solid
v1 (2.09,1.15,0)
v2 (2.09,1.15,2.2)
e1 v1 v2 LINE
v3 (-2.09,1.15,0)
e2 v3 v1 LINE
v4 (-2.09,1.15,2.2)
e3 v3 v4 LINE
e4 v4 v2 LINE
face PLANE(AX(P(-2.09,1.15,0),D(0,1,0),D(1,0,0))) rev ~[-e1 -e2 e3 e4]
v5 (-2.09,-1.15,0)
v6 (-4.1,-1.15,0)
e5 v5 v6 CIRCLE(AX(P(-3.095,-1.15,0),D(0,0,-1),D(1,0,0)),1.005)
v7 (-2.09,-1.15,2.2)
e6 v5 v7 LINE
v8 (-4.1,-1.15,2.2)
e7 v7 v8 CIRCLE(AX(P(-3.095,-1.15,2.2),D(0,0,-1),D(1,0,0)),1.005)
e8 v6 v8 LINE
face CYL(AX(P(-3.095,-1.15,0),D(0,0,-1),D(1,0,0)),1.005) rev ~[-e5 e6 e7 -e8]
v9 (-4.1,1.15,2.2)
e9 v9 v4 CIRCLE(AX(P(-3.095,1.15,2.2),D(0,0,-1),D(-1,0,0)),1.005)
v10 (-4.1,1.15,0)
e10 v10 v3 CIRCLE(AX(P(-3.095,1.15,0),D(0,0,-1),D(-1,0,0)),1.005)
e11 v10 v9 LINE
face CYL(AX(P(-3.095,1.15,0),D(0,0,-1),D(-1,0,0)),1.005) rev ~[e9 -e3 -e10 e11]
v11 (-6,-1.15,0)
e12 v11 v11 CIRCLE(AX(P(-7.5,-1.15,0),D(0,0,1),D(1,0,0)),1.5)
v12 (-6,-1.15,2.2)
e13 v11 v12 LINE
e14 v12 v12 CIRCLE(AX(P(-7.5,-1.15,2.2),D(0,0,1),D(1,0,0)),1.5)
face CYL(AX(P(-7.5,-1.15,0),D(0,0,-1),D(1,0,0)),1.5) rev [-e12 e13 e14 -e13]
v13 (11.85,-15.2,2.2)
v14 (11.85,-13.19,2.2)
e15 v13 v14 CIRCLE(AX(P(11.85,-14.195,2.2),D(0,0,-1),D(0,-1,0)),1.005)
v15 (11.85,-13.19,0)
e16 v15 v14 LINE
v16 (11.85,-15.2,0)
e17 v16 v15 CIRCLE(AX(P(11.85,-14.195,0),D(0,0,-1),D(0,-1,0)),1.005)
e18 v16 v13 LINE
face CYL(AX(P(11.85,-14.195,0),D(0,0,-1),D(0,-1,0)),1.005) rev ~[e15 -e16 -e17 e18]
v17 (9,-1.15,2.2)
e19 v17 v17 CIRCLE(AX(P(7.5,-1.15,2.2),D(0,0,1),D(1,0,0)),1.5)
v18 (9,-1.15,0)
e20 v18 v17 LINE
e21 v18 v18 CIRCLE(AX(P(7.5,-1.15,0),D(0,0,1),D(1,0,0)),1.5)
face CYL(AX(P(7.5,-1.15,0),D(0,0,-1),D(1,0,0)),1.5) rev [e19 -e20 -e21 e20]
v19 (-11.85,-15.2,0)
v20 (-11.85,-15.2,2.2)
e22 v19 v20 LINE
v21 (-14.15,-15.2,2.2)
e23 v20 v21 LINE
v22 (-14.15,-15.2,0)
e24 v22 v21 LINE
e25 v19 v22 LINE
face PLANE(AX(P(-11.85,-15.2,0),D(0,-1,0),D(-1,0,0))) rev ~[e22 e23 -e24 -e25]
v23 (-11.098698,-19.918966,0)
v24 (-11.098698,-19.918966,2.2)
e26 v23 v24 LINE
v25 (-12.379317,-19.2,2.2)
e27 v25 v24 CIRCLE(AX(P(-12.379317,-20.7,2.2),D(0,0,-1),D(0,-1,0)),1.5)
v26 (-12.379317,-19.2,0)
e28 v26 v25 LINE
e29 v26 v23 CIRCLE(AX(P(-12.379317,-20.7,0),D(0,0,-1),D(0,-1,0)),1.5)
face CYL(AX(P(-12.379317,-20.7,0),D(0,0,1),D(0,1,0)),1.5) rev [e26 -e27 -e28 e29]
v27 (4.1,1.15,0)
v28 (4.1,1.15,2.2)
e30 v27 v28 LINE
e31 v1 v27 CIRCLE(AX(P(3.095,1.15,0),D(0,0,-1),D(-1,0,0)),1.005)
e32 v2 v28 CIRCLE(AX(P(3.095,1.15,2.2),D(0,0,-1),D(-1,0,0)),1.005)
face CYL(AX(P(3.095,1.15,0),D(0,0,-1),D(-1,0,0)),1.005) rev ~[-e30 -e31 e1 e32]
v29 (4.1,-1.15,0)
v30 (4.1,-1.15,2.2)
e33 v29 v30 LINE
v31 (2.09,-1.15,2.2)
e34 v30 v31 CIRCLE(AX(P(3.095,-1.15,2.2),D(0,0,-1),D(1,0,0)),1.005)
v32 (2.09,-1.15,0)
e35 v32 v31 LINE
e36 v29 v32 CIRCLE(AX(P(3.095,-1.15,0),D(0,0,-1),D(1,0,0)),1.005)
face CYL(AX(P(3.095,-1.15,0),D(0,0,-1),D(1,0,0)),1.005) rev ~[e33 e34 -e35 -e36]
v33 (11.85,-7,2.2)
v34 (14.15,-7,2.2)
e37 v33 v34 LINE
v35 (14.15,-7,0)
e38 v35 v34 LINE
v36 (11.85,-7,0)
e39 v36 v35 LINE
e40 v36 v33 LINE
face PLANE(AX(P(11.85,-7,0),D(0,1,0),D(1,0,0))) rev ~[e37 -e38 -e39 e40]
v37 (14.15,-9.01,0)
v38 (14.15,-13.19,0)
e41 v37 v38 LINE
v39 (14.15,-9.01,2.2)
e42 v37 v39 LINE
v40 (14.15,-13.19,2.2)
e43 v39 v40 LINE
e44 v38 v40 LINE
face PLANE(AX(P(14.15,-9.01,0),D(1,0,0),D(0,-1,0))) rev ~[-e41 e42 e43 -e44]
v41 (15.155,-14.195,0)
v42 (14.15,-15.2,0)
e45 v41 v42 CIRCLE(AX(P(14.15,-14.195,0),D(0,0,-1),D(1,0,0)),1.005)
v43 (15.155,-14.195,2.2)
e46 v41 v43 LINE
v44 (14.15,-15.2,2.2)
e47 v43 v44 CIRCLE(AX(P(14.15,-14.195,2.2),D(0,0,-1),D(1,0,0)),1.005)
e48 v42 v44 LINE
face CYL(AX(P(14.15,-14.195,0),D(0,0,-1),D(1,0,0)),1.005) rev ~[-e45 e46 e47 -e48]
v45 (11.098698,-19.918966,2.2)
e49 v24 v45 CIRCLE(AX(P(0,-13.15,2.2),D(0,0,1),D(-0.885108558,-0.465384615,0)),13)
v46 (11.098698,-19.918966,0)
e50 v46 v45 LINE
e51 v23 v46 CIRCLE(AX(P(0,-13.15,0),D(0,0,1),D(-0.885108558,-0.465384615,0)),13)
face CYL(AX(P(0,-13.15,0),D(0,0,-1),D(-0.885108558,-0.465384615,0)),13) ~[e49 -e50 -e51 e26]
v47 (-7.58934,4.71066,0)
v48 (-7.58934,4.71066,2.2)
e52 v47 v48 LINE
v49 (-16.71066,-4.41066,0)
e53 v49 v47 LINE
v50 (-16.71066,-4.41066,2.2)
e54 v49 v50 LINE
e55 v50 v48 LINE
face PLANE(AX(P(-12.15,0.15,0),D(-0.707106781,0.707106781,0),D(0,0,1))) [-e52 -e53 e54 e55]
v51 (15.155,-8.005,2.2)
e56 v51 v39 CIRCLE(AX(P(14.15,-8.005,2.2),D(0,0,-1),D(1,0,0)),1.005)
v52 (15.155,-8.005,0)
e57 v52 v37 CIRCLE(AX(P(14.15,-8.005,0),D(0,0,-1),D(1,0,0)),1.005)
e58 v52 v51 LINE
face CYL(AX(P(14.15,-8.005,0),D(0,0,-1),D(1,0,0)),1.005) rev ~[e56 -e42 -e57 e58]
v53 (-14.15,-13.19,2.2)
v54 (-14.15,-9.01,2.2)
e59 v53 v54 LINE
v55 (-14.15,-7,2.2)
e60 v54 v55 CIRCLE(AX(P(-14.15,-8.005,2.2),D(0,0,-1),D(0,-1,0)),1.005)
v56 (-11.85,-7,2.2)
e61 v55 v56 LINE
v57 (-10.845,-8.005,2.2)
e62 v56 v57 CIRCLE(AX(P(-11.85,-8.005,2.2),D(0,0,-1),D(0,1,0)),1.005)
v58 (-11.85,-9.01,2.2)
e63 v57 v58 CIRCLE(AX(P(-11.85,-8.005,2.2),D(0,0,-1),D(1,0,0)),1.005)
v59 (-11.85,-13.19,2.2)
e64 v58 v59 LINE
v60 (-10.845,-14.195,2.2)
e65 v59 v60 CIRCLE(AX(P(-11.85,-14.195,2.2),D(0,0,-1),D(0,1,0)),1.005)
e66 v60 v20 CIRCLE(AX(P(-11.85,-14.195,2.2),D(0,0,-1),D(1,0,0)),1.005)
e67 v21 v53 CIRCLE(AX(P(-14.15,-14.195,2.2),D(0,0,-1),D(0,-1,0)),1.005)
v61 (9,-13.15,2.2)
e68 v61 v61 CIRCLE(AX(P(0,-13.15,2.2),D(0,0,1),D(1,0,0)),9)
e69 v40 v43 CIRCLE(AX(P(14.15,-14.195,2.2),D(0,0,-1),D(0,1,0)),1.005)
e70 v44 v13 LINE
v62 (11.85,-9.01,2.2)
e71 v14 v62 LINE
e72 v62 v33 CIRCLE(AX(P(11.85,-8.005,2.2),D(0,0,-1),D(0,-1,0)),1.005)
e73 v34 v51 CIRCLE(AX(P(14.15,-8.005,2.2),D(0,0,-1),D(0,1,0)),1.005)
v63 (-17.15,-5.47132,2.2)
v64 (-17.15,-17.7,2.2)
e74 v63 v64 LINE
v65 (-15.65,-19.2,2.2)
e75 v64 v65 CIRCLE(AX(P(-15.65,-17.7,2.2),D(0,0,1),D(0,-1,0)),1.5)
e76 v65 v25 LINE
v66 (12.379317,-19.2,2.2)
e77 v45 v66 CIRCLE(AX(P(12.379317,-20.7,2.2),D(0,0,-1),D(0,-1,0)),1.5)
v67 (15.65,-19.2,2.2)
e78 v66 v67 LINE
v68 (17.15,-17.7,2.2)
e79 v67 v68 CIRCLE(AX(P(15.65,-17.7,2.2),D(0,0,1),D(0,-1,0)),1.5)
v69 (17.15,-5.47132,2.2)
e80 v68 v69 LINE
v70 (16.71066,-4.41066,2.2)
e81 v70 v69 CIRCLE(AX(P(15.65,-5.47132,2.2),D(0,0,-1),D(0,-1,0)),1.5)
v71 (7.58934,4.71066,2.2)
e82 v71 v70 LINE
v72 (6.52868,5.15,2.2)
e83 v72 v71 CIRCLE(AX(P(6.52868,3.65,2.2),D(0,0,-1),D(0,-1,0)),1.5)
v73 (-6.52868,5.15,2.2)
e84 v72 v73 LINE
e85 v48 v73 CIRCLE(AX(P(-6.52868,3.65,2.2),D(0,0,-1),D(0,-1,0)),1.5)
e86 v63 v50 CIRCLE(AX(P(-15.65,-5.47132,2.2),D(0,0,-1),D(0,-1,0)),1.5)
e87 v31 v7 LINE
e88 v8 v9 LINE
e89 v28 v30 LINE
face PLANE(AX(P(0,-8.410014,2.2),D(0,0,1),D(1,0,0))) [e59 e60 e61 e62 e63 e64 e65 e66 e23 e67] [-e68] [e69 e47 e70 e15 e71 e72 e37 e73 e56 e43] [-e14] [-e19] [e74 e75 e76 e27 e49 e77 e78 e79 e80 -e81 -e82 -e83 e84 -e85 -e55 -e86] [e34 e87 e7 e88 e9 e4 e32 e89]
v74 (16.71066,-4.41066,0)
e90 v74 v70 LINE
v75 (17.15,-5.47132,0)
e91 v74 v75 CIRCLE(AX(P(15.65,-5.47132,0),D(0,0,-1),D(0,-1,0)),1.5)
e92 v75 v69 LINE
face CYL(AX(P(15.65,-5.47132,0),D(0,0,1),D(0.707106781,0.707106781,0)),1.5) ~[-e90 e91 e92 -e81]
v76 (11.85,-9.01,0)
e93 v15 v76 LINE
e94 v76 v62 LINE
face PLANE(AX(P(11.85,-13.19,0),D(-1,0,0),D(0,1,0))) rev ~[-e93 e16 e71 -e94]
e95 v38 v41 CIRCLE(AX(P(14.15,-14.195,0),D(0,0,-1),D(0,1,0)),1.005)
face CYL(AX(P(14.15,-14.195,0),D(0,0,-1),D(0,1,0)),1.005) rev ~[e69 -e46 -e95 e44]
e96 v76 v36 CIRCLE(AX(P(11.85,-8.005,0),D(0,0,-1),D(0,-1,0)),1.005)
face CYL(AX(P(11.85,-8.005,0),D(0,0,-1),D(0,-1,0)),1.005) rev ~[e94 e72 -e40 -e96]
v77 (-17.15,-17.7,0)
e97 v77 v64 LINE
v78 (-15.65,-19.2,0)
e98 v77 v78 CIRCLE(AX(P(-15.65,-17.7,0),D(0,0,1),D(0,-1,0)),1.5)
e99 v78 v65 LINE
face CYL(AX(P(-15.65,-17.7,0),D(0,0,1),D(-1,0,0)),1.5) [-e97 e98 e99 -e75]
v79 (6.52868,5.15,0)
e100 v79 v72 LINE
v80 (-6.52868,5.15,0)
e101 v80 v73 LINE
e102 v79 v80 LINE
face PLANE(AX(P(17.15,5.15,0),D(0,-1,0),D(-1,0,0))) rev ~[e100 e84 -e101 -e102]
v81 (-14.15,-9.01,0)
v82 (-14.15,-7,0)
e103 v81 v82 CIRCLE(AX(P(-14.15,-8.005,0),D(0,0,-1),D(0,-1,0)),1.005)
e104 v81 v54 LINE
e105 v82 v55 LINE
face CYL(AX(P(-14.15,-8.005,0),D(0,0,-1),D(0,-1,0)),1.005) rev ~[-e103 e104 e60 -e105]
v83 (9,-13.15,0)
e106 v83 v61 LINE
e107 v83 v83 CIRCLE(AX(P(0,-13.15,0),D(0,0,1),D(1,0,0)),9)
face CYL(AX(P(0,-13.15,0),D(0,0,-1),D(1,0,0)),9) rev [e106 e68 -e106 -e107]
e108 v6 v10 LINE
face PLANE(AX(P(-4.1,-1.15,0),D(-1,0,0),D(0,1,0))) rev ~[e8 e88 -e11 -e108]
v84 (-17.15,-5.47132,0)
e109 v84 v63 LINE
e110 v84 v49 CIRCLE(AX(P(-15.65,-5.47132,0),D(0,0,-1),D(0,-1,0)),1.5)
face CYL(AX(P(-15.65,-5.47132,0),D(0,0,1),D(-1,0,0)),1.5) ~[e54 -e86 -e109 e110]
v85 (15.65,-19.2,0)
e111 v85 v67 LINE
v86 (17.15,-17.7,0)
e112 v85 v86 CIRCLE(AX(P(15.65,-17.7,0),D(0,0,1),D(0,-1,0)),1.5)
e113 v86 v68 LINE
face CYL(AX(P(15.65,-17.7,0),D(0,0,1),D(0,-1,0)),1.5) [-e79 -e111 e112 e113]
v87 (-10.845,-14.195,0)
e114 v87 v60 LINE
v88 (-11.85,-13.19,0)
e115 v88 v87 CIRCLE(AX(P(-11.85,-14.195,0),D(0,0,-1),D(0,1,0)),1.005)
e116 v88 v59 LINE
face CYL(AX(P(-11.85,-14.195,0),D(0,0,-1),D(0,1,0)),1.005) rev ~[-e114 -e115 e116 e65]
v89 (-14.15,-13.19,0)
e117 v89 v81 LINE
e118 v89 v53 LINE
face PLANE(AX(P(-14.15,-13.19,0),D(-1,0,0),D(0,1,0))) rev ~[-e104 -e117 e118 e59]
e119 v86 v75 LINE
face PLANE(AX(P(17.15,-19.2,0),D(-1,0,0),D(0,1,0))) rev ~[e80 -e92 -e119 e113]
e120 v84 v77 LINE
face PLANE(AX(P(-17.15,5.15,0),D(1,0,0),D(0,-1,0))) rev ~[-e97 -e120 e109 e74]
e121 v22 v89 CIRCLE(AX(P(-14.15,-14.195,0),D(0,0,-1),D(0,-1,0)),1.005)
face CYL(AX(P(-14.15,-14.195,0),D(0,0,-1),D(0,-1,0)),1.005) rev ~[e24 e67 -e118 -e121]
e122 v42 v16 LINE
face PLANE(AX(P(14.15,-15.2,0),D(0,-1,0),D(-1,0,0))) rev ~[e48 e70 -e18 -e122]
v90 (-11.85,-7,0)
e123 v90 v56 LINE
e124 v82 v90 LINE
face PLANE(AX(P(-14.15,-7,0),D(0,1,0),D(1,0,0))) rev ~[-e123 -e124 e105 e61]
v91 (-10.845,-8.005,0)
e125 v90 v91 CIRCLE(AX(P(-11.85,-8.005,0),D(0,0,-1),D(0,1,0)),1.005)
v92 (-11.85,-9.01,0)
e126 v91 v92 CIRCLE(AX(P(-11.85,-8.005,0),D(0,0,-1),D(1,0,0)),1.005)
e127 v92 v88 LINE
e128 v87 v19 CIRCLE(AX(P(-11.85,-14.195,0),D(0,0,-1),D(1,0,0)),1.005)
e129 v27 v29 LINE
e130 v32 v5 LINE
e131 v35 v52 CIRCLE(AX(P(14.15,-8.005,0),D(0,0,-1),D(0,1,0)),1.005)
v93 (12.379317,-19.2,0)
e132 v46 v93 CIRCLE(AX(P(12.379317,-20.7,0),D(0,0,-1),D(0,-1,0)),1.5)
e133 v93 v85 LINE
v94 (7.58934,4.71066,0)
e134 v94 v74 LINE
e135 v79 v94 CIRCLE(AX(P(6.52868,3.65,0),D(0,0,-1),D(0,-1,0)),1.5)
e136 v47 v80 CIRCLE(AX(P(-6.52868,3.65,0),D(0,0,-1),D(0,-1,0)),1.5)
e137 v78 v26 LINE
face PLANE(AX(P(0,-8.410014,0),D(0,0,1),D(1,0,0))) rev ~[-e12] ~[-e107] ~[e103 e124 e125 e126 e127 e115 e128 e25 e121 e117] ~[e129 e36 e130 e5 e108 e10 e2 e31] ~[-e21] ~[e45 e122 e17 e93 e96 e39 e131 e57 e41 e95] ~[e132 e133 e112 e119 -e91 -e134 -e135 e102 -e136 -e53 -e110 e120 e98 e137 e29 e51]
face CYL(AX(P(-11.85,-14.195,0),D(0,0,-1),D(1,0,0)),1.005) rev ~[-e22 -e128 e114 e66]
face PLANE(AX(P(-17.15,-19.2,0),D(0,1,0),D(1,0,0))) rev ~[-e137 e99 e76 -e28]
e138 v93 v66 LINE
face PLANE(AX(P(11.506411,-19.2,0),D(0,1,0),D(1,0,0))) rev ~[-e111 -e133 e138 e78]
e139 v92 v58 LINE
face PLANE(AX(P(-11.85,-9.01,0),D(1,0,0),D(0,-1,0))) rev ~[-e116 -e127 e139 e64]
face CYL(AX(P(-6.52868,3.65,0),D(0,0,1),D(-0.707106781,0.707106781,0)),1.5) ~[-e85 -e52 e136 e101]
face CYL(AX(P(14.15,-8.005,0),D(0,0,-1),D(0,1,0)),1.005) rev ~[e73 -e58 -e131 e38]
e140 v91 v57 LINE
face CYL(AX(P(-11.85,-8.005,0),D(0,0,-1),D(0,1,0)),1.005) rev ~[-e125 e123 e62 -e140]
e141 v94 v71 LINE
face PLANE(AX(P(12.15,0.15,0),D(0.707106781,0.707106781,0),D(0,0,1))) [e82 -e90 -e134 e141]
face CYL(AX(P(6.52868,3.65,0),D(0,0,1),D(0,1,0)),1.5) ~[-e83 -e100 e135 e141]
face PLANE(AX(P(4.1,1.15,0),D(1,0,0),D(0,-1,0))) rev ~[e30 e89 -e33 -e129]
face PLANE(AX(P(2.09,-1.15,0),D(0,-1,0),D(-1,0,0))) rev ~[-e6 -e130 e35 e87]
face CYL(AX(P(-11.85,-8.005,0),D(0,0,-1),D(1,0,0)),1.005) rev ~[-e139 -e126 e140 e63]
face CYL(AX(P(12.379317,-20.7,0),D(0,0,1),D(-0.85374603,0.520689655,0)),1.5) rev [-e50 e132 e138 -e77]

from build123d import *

# Parameters (mm, degrees)
SKETCH_1_R      = 9
SKETCH_1_R_2    = 1.5
EXTRUDE_1_DEPTH = 2.2
CHAMFER_1_SIZE  = 10
FILLET_1_R      = 1.5


with BuildPart() as part:
    # 草图1 → 凸台-拉伸1 (new body)
    with BuildSketch(Plane.XY):
        with BuildLine():
            Line((-17.15, -19.2), (-11.506411256, -19.2))
            ThreePointArc((-11.506411256, -19.2), (0, -26.15), (11.506411256, -19.2))
            Line((11.506411256, -19.2), (17.15, -19.2))
            Line((17.15, -19.2), (17.15, 5.15))
            Line((17.15, 5.15), (-17.15, 5.15))
            Line((-17.15, 5.15), (-17.15, -19.2))
        make_face()
        with BuildLine():
            ThreePointArc((-10.845, -14.195), (-11.139357685, -14.905642315), (-11.85, -15.2))
            Line((-11.85, -15.2), (-14.15, -15.2))
            ThreePointArc((-14.15, -15.2), (-15.155, -14.195), (-14.15, -13.19))
            Line((-14.15, -13.19), (-14.15, -9.01))
            ThreePointArc((-14.15, -9.01), (-15.155, -8.005), (-14.15, -7))
            Line((-14.15, -7), (-11.85, -7))
            ThreePointArc((-11.85, -7), (-11.139357685, -7.294357685), (-10.845, -8.005))
            ThreePointArc((-10.845, -8.005), (-11.139357685, -8.715642315), (-11.85, -9.01))
            Line((-11.85, -9.01), (-11.85, -13.19))
            ThreePointArc((-11.85, -13.19), (-11.139357685, -13.484357685), (-10.845, -14.195))
        make_face(mode=Mode.SUBTRACT)
        with Locations((0, -13.15)):
            Circle(SKETCH_1_R, mode=Mode.SUBTRACT)
        with BuildLine():
            ThreePointArc((11.85, -9.01), (10.845, -8.005), (11.85, -7))
            Line((11.85, -7), (14.15, -7))
            ThreePointArc((14.15, -7), (14.860642315, -7.294357685), (15.155, -8.005))
            ThreePointArc((15.155, -8.005), (14.860642315, -8.715642315), (14.15, -9.01))
            Line((14.15, -9.01), (14.15, -13.19))
            ThreePointArc((14.15, -13.19), (14.860642315, -13.484357685), (15.155, -14.195))
            ThreePointArc((15.155, -14.195), (14.860642315, -14.905642315), (14.15, -15.2))
            Line((14.15, -15.2), (11.85, -15.2))
            ThreePointArc((11.85, -15.2), (10.845, -14.195), (11.85, -13.19))
            Line((11.85, -13.19), (11.85, -9.01))
        make_face(mode=Mode.SUBTRACT)
        with Locations((-7.5, -1.15)):
            Circle(SKETCH_1_R_2, mode=Mode.SUBTRACT)
        with BuildLine():
            Line((2.09, -1.15), (-2.09, -1.15))
            ThreePointArc((-2.09, -1.15), (-3.095, -2.155), (-4.1, -1.15))
            Line((-4.1, -1.15), (-4.1, 1.15))
            ThreePointArc((-4.1, 1.15), (-3.095, 2.155), (-2.09, 1.15))
            Line((-2.09, 1.15), (2.09, 1.15))
            ThreePointArc((2.09, 1.15), (3.095, 2.155), (4.1, 1.15))
            Line((4.1, 1.15), (4.1, -1.15))
            ThreePointArc((4.1, -1.15), (3.095, -2.155), (2.09, -1.15))
        make_face(mode=Mode.SUBTRACT)
        with Locations((7.5, -1.15)):
            Circle(SKETCH_1_R_2, mode=Mode.SUBTRACT)
    extrude(amount=EXTRUDE_1_DEPTH)

    # 倒角1
    chamfer_1_edges = [part.edges().sort_by_distance(p)[0] for p in [
        (-17.15, 5.15, 1.1),
        (17.15, 5.15, 1.1),
    ]]
    chamfer(chamfer_1_edges, length=CHAMFER_1_SIZE)

    # 圆角1
    fillet_1_edges = [part.edges().sort_by_distance(p)[0] for p in [
        (-17.15, -4.85, 1.1),
        (-17.15, -19.2, 1.1),
        (17.15, -19.2, 1.1),
        (11.506411256, -19.2, 1.1),
        (-11.506411256, -19.2, 1.1),
        (-7.15, 5.15, 1.1),
        (7.15, 5.15, 1.1),
        (17.15, -4.85, 1.1),
    ]]
    fillet(fillet_1_edges, radius=FILLET_1_R)


solid = part.part
